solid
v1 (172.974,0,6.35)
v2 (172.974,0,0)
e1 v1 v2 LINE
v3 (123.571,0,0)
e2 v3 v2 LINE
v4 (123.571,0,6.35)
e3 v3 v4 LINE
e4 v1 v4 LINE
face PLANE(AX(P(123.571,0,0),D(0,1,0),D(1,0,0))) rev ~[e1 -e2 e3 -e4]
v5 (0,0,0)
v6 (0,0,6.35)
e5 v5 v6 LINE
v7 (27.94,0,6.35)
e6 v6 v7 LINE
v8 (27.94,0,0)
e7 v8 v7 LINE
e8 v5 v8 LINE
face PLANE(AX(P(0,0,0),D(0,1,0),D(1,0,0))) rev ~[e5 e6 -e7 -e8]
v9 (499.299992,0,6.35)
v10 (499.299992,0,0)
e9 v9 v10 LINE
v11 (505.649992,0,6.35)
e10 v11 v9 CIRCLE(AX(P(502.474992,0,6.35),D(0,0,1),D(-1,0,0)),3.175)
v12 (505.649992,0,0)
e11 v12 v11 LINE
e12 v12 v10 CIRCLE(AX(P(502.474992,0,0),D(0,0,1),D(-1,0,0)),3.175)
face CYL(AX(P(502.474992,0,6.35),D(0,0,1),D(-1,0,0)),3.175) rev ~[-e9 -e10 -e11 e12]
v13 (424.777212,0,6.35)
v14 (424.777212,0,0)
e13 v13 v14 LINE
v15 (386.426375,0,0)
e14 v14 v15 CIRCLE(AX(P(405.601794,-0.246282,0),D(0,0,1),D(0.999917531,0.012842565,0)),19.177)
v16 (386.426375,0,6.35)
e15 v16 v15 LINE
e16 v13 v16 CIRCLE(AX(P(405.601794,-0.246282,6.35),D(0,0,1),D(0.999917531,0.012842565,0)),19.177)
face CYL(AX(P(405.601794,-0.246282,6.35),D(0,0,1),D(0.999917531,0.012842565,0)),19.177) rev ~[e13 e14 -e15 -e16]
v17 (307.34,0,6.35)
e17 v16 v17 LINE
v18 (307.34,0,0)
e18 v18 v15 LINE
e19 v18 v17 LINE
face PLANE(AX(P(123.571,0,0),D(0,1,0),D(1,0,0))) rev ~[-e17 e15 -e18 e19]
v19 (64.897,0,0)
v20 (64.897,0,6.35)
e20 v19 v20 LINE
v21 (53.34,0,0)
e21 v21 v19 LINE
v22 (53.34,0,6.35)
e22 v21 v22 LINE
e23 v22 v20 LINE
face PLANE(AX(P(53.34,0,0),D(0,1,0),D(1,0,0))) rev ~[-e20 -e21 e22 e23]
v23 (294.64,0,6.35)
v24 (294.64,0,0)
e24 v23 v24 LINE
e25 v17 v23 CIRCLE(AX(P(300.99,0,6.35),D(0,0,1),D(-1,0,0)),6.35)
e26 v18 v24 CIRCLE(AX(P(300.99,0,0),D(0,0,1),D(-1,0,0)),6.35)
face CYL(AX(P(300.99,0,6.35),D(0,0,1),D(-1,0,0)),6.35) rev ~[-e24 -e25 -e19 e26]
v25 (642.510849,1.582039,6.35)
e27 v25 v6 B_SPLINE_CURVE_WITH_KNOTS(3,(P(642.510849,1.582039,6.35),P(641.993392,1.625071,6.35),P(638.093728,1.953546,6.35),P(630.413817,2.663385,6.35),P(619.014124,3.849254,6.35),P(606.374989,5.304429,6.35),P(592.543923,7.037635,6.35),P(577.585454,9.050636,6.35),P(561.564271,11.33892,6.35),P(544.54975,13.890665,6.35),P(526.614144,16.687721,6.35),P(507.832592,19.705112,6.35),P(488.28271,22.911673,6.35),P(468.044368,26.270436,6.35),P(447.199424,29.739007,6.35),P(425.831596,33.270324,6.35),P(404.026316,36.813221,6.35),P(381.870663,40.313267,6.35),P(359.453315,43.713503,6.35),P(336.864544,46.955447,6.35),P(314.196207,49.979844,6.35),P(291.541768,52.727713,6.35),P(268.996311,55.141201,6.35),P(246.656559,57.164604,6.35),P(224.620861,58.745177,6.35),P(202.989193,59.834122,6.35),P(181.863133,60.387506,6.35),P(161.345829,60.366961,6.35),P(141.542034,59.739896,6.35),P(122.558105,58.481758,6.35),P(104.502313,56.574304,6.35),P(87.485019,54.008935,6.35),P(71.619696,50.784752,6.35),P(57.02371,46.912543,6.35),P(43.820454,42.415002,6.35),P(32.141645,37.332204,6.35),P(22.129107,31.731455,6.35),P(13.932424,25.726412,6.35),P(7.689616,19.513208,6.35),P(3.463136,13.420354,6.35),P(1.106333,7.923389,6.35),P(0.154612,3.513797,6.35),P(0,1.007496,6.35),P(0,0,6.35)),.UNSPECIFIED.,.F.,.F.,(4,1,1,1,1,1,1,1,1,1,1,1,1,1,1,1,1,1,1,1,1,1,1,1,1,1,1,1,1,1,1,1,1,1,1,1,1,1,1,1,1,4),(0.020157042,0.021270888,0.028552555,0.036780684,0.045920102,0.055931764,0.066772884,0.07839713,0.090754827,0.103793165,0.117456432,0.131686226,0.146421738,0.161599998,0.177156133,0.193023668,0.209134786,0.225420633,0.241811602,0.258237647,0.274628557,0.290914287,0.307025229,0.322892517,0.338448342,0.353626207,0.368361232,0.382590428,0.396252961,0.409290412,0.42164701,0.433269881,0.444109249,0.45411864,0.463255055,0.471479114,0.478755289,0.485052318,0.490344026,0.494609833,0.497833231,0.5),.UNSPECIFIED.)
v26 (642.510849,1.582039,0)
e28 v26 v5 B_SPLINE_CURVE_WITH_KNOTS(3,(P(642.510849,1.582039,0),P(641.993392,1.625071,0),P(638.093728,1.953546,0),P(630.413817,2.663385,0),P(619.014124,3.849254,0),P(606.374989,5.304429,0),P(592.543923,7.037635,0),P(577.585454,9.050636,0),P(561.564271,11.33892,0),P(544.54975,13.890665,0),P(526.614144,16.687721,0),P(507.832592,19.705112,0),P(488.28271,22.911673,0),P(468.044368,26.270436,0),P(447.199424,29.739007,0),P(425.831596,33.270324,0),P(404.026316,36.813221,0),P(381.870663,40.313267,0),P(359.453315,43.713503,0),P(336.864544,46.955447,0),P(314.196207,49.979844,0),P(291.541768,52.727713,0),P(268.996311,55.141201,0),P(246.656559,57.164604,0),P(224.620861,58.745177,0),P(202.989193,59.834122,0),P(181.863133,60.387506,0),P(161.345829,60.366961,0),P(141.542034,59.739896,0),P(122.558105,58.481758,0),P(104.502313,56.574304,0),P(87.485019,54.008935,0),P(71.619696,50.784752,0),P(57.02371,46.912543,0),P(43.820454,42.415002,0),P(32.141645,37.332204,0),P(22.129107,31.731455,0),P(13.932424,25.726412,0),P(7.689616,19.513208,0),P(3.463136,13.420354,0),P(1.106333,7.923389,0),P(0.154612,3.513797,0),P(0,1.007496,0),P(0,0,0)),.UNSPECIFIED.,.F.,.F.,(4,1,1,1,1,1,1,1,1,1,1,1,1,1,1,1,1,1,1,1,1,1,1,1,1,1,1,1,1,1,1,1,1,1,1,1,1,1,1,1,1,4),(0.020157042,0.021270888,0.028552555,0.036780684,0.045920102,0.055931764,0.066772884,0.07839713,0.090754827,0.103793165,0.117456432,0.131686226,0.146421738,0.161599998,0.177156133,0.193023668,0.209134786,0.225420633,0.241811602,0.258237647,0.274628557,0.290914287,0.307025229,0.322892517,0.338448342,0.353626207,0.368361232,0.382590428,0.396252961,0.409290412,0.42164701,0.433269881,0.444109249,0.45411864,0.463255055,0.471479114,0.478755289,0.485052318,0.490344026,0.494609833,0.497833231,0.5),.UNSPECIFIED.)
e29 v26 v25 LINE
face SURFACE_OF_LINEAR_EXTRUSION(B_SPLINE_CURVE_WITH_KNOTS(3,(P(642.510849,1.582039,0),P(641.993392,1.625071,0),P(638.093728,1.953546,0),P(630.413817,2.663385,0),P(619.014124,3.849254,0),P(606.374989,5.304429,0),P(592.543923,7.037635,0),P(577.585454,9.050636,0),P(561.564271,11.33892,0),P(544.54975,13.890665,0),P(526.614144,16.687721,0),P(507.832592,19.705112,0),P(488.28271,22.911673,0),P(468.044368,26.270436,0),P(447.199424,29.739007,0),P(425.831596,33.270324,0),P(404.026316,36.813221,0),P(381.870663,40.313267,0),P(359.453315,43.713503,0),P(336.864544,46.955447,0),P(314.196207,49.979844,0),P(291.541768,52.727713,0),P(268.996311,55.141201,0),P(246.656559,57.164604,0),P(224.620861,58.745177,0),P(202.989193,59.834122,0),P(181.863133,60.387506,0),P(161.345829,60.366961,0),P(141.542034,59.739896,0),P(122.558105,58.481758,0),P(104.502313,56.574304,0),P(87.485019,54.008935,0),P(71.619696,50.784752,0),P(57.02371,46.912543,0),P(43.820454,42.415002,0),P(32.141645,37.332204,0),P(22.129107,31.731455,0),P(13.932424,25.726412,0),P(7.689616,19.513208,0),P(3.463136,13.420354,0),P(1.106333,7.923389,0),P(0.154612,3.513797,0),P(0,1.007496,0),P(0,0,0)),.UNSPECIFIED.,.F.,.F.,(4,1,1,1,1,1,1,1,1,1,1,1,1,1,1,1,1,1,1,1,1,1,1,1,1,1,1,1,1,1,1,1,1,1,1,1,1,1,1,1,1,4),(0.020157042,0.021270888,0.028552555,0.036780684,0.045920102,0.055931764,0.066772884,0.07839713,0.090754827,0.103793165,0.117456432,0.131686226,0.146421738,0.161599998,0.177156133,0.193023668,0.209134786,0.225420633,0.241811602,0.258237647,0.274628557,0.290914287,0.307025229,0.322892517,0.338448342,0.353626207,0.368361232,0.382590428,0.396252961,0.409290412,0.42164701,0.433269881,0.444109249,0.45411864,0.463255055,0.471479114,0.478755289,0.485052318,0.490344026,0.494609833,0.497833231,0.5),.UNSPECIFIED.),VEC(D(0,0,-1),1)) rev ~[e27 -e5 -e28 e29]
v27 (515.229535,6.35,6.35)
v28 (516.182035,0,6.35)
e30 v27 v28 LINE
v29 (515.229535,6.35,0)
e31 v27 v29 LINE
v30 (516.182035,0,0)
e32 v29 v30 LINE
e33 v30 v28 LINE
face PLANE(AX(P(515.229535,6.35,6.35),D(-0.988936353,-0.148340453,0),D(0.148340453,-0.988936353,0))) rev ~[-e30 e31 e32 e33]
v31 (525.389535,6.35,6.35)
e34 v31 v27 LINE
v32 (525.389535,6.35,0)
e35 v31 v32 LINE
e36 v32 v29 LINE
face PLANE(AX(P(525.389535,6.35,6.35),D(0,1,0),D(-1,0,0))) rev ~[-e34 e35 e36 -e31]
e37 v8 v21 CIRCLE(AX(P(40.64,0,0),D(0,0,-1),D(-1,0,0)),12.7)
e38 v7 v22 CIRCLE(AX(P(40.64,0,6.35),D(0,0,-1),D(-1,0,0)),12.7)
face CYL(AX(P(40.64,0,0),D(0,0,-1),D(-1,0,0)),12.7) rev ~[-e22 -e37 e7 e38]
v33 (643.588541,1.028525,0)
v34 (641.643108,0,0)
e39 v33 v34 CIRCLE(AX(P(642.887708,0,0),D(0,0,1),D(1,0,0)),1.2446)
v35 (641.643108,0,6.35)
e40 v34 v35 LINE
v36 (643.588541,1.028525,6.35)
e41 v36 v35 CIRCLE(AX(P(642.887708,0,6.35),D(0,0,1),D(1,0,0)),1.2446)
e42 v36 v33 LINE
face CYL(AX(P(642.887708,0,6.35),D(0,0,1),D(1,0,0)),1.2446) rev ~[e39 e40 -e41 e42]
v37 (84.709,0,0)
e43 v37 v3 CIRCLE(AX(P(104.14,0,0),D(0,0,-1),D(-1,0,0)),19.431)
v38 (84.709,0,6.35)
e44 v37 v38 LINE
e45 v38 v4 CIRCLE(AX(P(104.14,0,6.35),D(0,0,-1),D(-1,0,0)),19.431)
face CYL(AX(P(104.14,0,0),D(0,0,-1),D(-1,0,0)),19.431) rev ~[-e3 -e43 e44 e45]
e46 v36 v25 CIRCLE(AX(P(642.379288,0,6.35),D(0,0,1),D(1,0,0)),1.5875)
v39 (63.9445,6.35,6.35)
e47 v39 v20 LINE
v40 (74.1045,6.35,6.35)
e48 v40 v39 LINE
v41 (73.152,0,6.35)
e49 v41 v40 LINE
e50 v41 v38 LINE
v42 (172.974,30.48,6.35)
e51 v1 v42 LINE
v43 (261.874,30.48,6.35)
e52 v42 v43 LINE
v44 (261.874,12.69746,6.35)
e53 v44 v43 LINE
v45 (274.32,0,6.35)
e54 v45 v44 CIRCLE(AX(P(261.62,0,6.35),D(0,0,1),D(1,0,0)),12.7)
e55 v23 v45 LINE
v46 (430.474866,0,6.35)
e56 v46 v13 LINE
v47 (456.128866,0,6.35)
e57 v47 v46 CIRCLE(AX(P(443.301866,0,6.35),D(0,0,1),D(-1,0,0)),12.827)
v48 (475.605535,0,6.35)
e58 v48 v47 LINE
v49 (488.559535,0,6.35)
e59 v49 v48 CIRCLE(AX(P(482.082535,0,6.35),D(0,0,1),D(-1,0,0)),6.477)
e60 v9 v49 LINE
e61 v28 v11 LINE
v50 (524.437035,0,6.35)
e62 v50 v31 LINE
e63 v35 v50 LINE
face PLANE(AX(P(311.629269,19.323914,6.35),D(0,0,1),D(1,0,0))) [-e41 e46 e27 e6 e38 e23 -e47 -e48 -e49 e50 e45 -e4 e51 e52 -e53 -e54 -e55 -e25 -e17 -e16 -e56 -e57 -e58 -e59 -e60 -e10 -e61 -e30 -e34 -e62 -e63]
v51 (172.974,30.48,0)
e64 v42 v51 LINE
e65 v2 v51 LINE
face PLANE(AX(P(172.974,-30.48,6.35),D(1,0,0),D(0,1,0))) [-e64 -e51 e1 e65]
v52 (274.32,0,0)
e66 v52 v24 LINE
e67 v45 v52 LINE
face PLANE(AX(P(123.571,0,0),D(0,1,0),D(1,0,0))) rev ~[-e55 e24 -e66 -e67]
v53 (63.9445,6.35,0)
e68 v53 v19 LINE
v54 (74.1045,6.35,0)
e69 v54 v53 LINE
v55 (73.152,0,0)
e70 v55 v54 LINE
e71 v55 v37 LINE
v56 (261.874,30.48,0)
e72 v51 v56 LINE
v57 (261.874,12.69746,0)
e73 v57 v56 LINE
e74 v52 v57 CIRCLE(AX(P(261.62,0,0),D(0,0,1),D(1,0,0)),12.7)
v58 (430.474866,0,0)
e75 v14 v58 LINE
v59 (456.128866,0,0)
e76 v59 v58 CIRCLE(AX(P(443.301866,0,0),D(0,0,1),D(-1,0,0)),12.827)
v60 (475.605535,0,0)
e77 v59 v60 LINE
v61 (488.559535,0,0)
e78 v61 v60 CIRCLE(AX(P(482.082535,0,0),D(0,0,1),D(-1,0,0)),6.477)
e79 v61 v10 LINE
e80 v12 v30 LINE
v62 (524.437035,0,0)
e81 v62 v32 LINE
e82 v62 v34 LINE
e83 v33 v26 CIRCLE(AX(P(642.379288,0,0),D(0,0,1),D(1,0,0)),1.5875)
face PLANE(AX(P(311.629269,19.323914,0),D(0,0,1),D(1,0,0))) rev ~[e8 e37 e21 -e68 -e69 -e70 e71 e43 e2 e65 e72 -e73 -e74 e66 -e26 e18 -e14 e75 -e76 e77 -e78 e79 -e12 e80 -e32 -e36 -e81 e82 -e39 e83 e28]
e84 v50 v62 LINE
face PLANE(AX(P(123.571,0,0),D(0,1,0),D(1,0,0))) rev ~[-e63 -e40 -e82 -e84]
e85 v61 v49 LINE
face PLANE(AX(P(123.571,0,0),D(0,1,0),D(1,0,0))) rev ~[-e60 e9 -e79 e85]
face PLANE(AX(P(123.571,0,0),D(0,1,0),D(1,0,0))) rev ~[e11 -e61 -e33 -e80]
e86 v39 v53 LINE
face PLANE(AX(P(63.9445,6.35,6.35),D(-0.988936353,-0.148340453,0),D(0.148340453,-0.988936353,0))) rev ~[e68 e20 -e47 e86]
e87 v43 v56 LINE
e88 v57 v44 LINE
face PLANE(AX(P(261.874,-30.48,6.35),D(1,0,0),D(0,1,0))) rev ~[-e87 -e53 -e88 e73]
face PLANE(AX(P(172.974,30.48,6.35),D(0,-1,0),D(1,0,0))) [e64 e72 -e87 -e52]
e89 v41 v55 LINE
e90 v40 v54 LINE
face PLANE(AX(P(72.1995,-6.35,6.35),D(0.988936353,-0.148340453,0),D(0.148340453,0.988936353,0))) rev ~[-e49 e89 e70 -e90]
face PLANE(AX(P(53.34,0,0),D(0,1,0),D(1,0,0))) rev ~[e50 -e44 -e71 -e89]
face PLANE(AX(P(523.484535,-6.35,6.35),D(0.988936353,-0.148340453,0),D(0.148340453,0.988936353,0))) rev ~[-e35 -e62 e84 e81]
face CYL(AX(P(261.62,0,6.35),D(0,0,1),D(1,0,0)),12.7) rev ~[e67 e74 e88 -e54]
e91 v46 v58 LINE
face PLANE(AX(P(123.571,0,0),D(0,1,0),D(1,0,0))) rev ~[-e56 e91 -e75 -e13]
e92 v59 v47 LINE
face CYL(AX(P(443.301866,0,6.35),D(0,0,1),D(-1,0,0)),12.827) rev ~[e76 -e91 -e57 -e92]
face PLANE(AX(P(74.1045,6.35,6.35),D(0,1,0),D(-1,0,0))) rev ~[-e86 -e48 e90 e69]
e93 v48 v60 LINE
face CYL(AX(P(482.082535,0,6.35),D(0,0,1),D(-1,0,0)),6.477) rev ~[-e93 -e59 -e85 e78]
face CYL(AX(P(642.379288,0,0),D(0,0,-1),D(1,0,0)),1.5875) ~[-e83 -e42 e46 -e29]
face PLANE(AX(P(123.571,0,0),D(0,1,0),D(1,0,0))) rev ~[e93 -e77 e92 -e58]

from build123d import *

# Parameters (mm, degrees)
BOSS_EXTRUDE1_DEPTH     = 6.35
CUT_EXTRUDE1_DEPTH      = 1.0000001
CUT_EXTRUDE1_DEPTH_BACK = 7.3500001
SKETCH4_W               = 6.35
SKETCH4_H               = 6.35
SKETCH4_H_2             = 12.7
CUT_EXTRUDE2_DEPTH      = 6.35
SKETCH7_W               = 88.9
SKETCH7_H               = 60.96
CUT_EXTRUDE4_DEPTH      = 7.3500001
SKETCH8_R               = 1.2446
CUT_EXTRUDE5_DEPTH      = 7.3500001


with BuildPart() as part:
    # Sketch2 → Boss-Extrude1 (new body)
    with BuildSketch(Plane.XY):
        with BuildLine():
            ThreePointArc((84.709, 0), (104.14, 19.431), (123.571, 0))
            Line((123.571, 0), (460.660965279, 0))
            Line((460.660965279, 0), (473.360965279, 0))
            Line((473.360965279, 0), (643.966787522, 0))
            ThreePointArc((643.966787522, 0), (643.547407924, 1.075012082), (642.510849283, 1.582039112))
            add(Edge.make_bspline(
                [(642.510849283, 1.582039112), (641.993392355, 1.625070631), (638.093728429, 1.953546407), (630.413817462, 2.663385493), (619.014124193, 3.849253664), (606.374988512, 5.304428983), (592.543922516, 7.037634907), (577.585454095, 9.050636147), (561.564270734, 11.338919625), (544.549749946, 13.890665375), (526.614143658, 16.687720753), (507.832591566, 19.705111663), (488.282710288, 22.911672601), (468.044367735, 26.27043606), (447.199424328, 29.739007432), (425.831595832, 33.270324121), (404.02631566, 36.813220545), (381.870662856, 40.313266856), (359.453314895, 43.713502532), (336.86454415, 46.955447457), (314.196207315, 49.979843895), (291.541767704, 52.727712704), (268.996310773, 55.141201012), (246.65655865, 57.164603829), (224.620860897, 58.745176641), (202.989192599, 59.8341217), (181.863132616, 60.387506142), (161.345829027, 60.366961324), (141.542033828, 59.739895824), (122.558104573, 58.481758104), (104.502313427, 56.574303932), (87.485018636, 54.008935199), (71.619696083, 50.784752003), (57.023709725, 46.912543066), (43.82045433, 42.41500246), (32.141645239, 37.332204029), (22.129107375, 31.731455339), (13.932423524, 25.726412106), (7.689616489, 19.513207632), (3.463136343, 13.420354421), (1.106333228, 7.923389435), (0.154611582, 3.513796615), (0, 1.007496172), (0, 0)],
                knots=[0.020157042, 0.020157042, 0.020157042, 0.020157042, 0.021270888, 0.028552555, 0.036780684, 0.045920102, 0.055931764, 0.066772884, 0.07839713, 0.090754827, 0.103793165, 0.117456432, 0.131686226, 0.146421738, 0.161599998, 0.177156133, 0.193023668, 0.209134786, 0.225420633, 0.241811602, 0.258237647, 0.274628557, 0.290914287, 0.307025229, 0.322892517, 0.338448342, 0.353626207, 0.368361232, 0.382590428, 0.396252961, 0.409290412, 0.42164701, 0.433269881, 0.444109249, 0.45411864, 0.463255055, 0.471479114, 0.478755289, 0.485052318, 0.490344026, 0.494609833, 0.497833231, 0.5, 0.5, 0.5, 0.5], degree=3))
            Line((0, 0), (27.94, 0))
            ThreePointArc((27.94, 0), (40.64, 12.7), (53.34, 0))
            Line((53.34, 0), (84.709, 0))
        make_face()
    extrude(amount=BOSS_EXTRUDE1_DEPTH)

    # Sketch3 → Cut-Extrude1 (cut, two sides)
    with BuildSketch(Plane.XY.offset(6.35)) as cut_extrude1_sk:
        with BuildLine():
            ThreePointArc((424.777212339, 0), (405.60179385, 18.930718125), (386.426375361, 0))
            Line((386.426375361, 0), (424.777212339, 0))
        make_face()
        with BuildLine():
            Line((424.777212339, 0), (386.426375361, 0))
            ThreePointArc((386.426375361, 0), (405.478650373, -19.422886493), (424.77879385, -0.246281875))
            ThreePointArc((424.77879385, -0.246281875), (424.778398468, -0.123138399), (424.777212339, 0))
        make_face()
        with BuildLine():
            ThreePointArc((456.128866123, 0), (443.301866123, 12.827), (430.474866123, 0))
            Line((430.474866123, 0), (456.128866123, 0))
        make_face()
        with BuildLine():
            Line((456.128866123, 0), (430.474866123, 0))
            ThreePointArc((430.474866123, 0), (443.301866123, -12.827), (456.128866123, 0))
        make_face()
        with BuildLine():
            ThreePointArc((488.559534569, 0), (482.082534569, 6.477), (475.605534569, 0))
            Line((475.605534569, 0), (488.559534569, 0))
        make_face()
        with BuildLine():
            Line((488.559534569, 0), (475.605534569, 0))
            ThreePointArc((475.605534569, 0), (482.082534569, -6.477), (488.559534569, 0))
        make_face()
        with BuildLine():
            ThreePointArc((505.649992416, 0), (502.474992416, 3.175), (499.299992416, 0))
            Line((499.299992416, 0), (505.649992416, 0))
        make_face()
        with BuildLine():
            Line((505.649992416, 0), (499.299992416, 0))
            ThreePointArc((499.299992416, 0), (502.474992417, -3.175), (505.649992416, 0))
        make_face()
        with BuildLine():
            Line((274.32, 0), (248.92, 0))
            ThreePointArc((248.92, 0), (261.62, -12.7), (274.32, 0))
        make_face()
        with BuildLine():
            ThreePointArc((274.32, 0), (261.62, 12.7), (248.92, 0))
            Line((248.92, 0), (274.32, 0))
        make_face()
        with BuildLine():
            Line((294.64, 0), (307.34, 0))
            ThreePointArc((307.34, 0), (300.99, 6.35), (294.64, 0))
        make_face()
        with BuildLine():
            ThreePointArc((294.64, 0), (300.99, -6.35), (307.34, 0))
            Line((307.34, 0), (294.64, 0))
        make_face()
    extrude(amount=CUT_EXTRUDE1_DEPTH, mode=Mode.SUBTRACT)
    extrude(cut_extrude1_sk.sketch, amount=-CUT_EXTRUDE1_DEPTH_BACK, mode=Mode.SUBTRACT)

    # Sketch4 → Cut-Extrude2 (cut)
    with BuildSketch(Plane.XY.offset(6.35)):
        Polygon((63.9445, 6.35), (64.897, 0), (65.8495, 0), (65.8495, 6.35), align=None)
        Polygon((65.8495, 0), (64.897, 0), (65.8495, -6.35), align=None)
        with Locations((69.0245, 3.175)):
            Rectangle(SKETCH4_W, SKETCH4_H)
        with Locations((69.0245, -3.175)):
            Rectangle(SKETCH4_W, SKETCH4_H)
        Polygon((72.1995, 6.35), (72.1995, 0), (73.152, 0), (74.1045, 6.35), align=None)
        Polygon((73.152, 0), (72.1995, 0), (72.1995, -6.35), align=None)
        with Locations((520.309534569, 0)):
            Rectangle(SKETCH4_W, SKETCH4_H_2)
        Polygon((517.134534569, -6.35), (517.134534569, 6.35), (515.229534569, 6.35), align=None)
        Polygon((525.389534569, 6.35), (523.484534569, 6.35), (523.484534569, -6.35), align=None)
    extrude(amount=-CUT_EXTRUDE2_DEPTH, mode=Mode.SUBTRACT)

    # Sketch7 → Cut-Extrude4 (cut, through all)
    with BuildSketch(Plane(origin=(327.95923074, -13.751410445, 6.35), x_dir=(1, 0, 0), z_dir=(0, 0, 1))):
        with Locations((-110.53523074, 13.751410445)):
            Rectangle(SKETCH7_W, SKETCH7_H)
    extrude(amount=-CUT_EXTRUDE4_DEPTH, mode=Mode.SUBTRACT)

    # Sketch8 → Cut-Extrude5 (cut, through all)
    with BuildSketch(Plane(origin=(327.95923074, -13.751410445, 6.35), x_dir=(1, 0, 0), z_dir=(0, 0, 1))):
        with Locations((314.928477568, 13.751410445)):
            Circle(SKETCH8_R)
    extrude(amount=-CUT_EXTRUDE5_DEPTH, mode=Mode.SUBTRACT)


solid = part.part
